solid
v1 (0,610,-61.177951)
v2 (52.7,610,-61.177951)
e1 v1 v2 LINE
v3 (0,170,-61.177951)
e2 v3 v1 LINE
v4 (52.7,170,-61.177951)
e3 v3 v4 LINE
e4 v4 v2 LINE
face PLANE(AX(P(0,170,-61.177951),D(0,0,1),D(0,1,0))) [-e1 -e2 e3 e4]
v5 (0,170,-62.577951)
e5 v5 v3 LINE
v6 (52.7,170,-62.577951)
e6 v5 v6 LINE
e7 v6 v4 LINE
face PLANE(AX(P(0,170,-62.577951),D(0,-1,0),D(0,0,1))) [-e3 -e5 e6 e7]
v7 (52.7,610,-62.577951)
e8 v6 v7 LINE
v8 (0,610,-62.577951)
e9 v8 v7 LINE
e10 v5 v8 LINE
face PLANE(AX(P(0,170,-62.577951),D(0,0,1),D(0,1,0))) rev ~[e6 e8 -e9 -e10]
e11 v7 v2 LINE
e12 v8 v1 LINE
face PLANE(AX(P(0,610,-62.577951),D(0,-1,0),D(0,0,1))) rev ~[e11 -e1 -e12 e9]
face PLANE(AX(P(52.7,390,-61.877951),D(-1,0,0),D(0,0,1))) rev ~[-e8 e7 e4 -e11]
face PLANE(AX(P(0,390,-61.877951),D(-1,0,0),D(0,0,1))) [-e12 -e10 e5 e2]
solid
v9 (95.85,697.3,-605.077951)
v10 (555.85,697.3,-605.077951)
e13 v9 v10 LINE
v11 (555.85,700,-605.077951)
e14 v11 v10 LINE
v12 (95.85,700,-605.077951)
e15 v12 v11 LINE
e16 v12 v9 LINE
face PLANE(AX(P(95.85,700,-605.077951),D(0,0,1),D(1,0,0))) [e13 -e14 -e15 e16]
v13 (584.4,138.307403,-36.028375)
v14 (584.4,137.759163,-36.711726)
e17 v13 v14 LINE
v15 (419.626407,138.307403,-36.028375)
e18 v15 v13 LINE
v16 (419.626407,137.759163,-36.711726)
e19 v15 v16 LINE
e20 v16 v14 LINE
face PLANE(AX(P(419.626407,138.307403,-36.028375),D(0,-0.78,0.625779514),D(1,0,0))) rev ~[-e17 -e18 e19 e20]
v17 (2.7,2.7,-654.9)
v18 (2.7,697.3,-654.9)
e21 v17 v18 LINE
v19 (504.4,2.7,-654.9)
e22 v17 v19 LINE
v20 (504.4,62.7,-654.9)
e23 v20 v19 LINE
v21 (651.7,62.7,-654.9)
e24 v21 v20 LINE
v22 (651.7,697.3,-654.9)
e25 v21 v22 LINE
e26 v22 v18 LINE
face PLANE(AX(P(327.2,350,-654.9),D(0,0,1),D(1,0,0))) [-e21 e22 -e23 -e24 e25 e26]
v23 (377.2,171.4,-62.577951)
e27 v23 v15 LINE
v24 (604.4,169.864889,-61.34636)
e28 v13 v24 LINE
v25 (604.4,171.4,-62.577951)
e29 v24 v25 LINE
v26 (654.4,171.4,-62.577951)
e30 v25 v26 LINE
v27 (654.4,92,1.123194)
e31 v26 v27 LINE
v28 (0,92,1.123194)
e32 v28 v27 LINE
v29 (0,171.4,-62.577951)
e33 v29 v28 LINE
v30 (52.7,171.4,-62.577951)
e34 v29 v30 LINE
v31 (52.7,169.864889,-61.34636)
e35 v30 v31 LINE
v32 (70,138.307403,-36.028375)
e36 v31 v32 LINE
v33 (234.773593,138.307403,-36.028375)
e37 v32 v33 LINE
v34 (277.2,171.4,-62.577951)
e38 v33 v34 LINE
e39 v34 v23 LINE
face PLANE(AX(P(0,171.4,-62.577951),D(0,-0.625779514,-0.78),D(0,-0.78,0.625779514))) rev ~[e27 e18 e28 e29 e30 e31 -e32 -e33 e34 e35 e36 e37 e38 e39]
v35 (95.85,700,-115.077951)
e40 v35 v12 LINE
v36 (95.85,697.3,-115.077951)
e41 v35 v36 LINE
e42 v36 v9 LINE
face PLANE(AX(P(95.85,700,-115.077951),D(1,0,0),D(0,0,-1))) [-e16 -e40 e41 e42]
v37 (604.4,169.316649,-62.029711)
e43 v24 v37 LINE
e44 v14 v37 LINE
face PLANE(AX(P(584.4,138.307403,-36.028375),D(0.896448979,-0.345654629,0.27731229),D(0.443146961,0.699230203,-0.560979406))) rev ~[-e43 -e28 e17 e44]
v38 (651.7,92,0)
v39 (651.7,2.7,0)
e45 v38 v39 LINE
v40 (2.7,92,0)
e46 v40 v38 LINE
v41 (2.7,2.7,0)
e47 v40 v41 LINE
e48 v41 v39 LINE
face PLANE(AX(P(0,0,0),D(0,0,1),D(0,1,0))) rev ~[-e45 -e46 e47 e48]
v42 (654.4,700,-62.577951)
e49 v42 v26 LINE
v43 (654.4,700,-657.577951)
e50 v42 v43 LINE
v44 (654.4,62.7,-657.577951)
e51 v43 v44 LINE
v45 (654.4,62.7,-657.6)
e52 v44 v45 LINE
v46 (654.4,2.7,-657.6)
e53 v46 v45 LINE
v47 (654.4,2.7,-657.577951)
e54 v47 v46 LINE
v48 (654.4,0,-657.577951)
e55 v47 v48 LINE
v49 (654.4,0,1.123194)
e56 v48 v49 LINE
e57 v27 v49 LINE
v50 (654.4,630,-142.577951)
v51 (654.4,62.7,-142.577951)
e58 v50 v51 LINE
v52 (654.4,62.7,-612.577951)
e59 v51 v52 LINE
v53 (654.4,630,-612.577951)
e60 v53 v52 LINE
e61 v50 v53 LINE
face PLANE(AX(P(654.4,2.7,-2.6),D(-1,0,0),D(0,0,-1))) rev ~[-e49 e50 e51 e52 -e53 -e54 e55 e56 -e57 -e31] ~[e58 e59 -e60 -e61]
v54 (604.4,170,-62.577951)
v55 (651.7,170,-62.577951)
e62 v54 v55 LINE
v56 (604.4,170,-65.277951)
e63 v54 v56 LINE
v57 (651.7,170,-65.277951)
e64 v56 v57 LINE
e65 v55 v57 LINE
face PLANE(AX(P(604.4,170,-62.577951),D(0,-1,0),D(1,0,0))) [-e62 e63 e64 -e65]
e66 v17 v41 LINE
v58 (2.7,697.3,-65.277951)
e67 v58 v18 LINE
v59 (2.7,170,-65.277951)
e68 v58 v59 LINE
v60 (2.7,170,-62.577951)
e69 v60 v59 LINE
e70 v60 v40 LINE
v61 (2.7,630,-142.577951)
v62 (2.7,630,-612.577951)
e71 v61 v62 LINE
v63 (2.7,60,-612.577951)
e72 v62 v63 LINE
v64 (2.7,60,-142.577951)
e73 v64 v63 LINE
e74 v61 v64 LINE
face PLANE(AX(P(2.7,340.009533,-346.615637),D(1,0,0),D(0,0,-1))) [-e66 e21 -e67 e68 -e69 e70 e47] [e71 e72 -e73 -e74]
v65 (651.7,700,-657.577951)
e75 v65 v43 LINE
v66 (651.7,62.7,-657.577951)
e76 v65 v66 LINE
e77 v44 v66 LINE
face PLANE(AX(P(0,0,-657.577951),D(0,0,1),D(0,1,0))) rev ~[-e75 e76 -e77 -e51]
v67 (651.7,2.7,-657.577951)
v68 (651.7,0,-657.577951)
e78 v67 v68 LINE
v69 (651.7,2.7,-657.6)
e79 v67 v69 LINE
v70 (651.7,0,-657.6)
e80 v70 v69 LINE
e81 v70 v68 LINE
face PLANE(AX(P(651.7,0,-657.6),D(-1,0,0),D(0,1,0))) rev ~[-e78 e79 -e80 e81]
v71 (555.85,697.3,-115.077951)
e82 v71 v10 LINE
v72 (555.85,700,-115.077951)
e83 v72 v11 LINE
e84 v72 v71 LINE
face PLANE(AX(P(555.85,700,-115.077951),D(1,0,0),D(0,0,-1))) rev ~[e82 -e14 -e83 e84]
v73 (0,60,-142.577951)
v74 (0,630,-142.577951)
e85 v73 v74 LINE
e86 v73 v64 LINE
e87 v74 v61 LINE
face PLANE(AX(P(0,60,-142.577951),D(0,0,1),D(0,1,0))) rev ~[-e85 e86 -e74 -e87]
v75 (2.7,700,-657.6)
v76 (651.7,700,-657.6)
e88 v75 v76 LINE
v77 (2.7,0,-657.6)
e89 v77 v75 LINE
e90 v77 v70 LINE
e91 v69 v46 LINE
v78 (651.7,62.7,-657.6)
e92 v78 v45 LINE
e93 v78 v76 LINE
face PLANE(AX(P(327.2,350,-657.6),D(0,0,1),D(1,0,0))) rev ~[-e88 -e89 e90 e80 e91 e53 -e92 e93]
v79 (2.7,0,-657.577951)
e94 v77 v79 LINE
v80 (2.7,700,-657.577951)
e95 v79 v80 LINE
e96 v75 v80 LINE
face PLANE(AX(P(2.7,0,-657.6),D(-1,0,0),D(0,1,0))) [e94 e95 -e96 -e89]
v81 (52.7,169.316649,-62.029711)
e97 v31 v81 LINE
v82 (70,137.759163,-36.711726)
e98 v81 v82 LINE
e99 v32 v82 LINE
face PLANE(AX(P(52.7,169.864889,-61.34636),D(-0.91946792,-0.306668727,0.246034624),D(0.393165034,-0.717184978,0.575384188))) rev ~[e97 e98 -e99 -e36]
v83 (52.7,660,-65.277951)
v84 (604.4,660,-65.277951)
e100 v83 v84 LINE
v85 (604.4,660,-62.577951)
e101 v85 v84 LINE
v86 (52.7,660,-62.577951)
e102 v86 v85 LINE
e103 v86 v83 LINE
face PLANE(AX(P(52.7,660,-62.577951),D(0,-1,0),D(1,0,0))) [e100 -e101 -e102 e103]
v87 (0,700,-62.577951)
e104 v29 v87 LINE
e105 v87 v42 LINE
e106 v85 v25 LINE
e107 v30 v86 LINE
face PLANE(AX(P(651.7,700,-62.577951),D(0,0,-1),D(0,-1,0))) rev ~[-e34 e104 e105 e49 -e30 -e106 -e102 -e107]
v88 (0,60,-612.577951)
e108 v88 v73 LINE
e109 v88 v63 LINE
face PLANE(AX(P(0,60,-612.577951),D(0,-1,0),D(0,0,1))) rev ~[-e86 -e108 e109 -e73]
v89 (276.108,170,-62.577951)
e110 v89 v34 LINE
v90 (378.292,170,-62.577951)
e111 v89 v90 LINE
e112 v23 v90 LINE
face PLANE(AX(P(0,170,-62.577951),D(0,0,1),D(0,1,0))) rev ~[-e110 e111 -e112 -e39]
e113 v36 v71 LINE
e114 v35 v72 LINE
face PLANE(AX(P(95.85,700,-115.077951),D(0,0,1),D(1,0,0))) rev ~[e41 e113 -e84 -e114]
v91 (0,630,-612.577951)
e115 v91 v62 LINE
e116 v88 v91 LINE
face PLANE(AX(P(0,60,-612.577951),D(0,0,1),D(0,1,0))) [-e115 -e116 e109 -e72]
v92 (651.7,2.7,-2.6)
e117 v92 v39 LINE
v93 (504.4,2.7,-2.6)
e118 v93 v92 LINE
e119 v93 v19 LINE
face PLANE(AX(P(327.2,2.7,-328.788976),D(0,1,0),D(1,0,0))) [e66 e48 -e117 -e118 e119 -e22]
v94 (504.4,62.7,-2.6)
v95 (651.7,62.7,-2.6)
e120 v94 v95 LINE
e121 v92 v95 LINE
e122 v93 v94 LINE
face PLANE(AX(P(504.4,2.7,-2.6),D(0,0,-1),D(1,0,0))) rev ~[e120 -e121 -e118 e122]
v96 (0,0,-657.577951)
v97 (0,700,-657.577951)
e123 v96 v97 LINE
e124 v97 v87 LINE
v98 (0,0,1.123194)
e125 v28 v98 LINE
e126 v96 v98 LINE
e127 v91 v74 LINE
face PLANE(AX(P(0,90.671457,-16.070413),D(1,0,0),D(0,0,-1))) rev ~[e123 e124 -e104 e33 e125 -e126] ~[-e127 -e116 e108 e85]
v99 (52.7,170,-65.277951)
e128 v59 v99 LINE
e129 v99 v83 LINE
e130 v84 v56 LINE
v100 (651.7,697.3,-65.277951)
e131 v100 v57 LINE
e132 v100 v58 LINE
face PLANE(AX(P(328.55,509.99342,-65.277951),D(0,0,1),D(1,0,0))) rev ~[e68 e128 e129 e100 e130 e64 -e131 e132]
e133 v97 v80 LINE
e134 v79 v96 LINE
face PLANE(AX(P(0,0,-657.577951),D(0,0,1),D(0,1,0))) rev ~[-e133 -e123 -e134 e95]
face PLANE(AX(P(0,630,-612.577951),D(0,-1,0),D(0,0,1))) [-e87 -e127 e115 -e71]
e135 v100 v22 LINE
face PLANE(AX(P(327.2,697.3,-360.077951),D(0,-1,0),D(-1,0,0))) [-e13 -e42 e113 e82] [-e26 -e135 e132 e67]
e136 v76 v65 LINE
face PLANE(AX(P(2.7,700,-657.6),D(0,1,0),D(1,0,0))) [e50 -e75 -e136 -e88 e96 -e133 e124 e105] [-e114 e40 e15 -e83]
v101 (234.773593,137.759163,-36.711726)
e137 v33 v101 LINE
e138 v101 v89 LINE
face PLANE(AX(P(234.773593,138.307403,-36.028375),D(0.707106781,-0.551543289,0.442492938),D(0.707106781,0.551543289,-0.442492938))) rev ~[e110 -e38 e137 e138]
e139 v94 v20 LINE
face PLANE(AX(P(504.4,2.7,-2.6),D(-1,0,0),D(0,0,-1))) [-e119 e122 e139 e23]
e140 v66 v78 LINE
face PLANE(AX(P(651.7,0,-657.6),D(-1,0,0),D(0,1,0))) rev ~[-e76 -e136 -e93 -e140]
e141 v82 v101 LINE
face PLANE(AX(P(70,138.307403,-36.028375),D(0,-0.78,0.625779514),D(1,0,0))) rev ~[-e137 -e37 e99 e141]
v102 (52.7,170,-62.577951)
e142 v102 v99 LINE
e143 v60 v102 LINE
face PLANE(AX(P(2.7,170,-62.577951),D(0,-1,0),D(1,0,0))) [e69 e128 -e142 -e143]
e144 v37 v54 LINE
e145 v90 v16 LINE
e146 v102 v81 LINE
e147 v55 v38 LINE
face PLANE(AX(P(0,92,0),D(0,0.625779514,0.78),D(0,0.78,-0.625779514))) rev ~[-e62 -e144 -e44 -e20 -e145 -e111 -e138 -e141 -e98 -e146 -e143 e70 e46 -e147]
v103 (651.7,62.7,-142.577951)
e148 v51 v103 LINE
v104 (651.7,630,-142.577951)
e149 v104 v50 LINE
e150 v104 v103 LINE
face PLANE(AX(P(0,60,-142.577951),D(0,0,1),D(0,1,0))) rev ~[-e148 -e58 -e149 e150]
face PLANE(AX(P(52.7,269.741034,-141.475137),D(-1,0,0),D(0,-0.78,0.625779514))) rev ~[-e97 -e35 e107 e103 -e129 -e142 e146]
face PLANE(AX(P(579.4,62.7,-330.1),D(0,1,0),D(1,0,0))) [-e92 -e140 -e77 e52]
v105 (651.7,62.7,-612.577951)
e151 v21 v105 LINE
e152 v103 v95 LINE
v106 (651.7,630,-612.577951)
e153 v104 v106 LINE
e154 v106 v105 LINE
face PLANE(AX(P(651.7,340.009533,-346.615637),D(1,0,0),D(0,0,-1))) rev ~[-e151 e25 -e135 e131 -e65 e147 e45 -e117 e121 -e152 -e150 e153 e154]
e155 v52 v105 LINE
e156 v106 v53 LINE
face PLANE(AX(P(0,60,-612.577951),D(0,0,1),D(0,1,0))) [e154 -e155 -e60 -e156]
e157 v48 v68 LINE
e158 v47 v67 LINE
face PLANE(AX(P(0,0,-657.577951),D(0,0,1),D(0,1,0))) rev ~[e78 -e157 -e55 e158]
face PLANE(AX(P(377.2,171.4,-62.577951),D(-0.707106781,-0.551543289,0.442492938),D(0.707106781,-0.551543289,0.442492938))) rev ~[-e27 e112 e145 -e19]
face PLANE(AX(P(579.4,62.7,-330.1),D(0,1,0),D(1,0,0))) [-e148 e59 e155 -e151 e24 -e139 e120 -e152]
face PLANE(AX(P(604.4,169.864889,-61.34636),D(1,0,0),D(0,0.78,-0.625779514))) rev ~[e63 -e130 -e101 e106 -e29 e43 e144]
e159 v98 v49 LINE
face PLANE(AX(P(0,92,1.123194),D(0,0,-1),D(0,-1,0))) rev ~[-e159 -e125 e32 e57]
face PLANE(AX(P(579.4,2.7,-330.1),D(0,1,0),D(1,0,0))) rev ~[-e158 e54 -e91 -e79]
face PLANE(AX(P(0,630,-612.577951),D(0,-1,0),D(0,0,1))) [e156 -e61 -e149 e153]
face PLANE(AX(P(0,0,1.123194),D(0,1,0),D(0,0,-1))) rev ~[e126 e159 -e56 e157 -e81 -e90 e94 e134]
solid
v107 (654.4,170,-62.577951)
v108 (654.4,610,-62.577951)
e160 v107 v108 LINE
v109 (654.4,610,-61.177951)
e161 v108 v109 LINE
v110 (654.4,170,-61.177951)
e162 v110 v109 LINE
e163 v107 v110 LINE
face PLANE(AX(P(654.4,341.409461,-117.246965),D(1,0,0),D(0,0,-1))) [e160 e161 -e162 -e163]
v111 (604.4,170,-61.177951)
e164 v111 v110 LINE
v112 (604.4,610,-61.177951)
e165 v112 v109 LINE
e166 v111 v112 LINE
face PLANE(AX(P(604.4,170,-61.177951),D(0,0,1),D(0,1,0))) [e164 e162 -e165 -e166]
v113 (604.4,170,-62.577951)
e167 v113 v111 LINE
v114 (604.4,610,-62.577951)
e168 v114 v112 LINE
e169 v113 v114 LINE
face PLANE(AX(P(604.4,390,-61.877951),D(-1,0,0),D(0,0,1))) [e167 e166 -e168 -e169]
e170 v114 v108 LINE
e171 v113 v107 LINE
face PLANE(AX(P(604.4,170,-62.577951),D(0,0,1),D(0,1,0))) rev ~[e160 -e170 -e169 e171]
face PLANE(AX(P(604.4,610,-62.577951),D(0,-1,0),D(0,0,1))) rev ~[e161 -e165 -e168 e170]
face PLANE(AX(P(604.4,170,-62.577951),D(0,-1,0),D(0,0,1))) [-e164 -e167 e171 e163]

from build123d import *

# Parameters (mm, degrees)
BOSS_EXTRUDE2_DEPTH  = 2.7
BOSS_EXTRUDE3_DEPTH  = 2.7
SKETCH5_W            = 654.4
SKETCH5_H            = 657.577951389
BOSS_EXTRUDE4_DEPTH  = 2.7
SKETCH6_W            = 654.4
SKETCH6_H            = 595
BOSS_EXTRUDE5_DEPTH  = 2.7
SKETCH10_W           = 649
SKETCH10_H           = 700
BOSS_EXTRUDE6_DEPTH  = 2.7
SKETCH11_W           = 470
SKETCH11_H           = 570
CUT_EXTRUDE2_DEPTH   = 1163.186353387
CUT_EXTRUDE3_REACH   = 1164.186
SKETCH12_W           = 460
SKETCH12_H           = 490
BOSS_EXTRUDE8_DEPTH  = 2.7
BOSS_EXTRUDE10_DEPTH = 654.4
SKETCH15_W           = 1.4
SKETCH15_H           = 440
BOSS_EXTRUDE12_DEPTH = 52.7
LPATTERN1_COUNT      = 2
LPATTERN1_PITCH      = 604.4
SKETCH16_W           = 354.359713547
SKETCH16_H           = 772.074648607
CUT_EXTRUDE5_DEPTH   = 55
CUT_EXTRUDE6_DEPTH   = 25
SKETCH19_W           = 150
SKETCH19_H           = 655
BOSS_EXTRUDE13_DEPTH = 60


with BuildPart() as part:
    # Sketch2 → Boss-Extrude2 (new body)
    with BuildSketch(Plane(origin=(0, 0, 0), x_dir=(0, 0, -1), z_dir=(1, 0, 0))):
        Polygon((657.577951389, 700), (62.577951389, 700), (62.577951389, 170), (0, 92), (0, 0), (657.577951389, 0), align=None)
    extrude(amount=BOSS_EXTRUDE2_DEPTH)



with BuildPart() as body_2:
    # Sketch4 → Boss-Extrude3 (new body)
    with BuildSketch(Plane(origin=(651.7, 0, 0), x_dir=(0, 0, -1), z_dir=(1, 0, 0))):
        Polygon((657.577951389, 700), (62.577951389, 700), (62.577951389, 170), (0, 92), (0, 0), (657.577951389, 0), align=None)
    extrude(amount=BOSS_EXTRUDE3_DEPTH)


with BuildPart() as part_1:
    add(part.part)

    add(body_2.part)  # Boss-Extrude4 merges body 2
    # Sketch5 → Boss-Extrude4 (add)
    with BuildSketch(Plane(origin=(0, 0, 0), x_dir=(1, 0, 0), z_dir=(0, 1, 0))):
        with Locations((327.2, 328.788975695)):
            Rectangle(SKETCH5_W, SKETCH5_H)
    extrude(amount=BOSS_EXTRUDE4_DEPTH)

    # Sketch6 → Boss-Extrude5 (add)
    with BuildSketch(Plane(origin=(0, 700, 0), x_dir=(-1, 0, 0), z_dir=(0, -1, 0))):
        with Locations((-327.2, 360.077951389)):
            Rectangle(SKETCH6_W, SKETCH6_H)
    extrude(amount=BOSS_EXTRUDE5_DEPTH)

    # Sketch10 → Boss-Extrude6 (add)
    with BuildSketch(Plane.XY.offset(-657.6)):
        with Locations((327.2, 350)):
            Rectangle(SKETCH10_W, SKETCH10_H)
    extrude(amount=BOSS_EXTRUDE6_DEPTH)

    # Sketch11 → Cut-Extrude2 (cut, through all)
    with BuildSketch(Plane.ZY):
        with Locations((-377.577951389, 345)):
            Rectangle(SKETCH11_W, SKETCH11_H)
    extrude(amount=-CUT_EXTRUDE2_DEPTH, mode=Mode.SUBTRACT)

    # Sketch12 → Cut-Extrude3 (cut, up to next)
    with BuildSketch(Plane(origin=(0, 700, 0), x_dir=(1, 0, 0), z_dir=(0, 1, 0)), mode=Mode.PRIVATE) as cut_extrude3_sk1:
        with Locations((325.85, 360.077951389)):
            Rectangle(SKETCH12_W, SKETCH12_H)
    cut_extrude3_tool1 = extrude(cut_extrude3_sk1.sketch, amount=-CUT_EXTRUDE3_REACH, mode=Mode.PRIVATE) & part_1.part
    add(cut_extrude3_tool1.solids().sort_by_distance((325.85, 700, -360.077951))[0], mode=Mode.SUBTRACT)

    # Sketch13 → Boss-Extrude8 (add)
    with BuildSketch(Plane.XY.offset(-62.577951389)):
        Polygon((2.7, 700), (2.7, 170), (52.7, 170), (52.7, 660), (604.4, 660), (604.4, 170), (654.4, 170), (654.4, 700), align=None)
    extrude(amount=-BOSS_EXTRUDE8_DEPTH)



with BuildPart() as body_2_2:
    # Sketch14 → Boss-Extrude10 (new body)
    with BuildSketch(Plane.ZY):
        Polygon((-62.577951389, 170), (-62.577951389, 171.4), (1.123193999, 92), (1.123193999, 0), (0, 0), (0, 92), align=None)
    extrude(amount=-BOSS_EXTRUDE10_DEPTH)

    # Sketch17 → Cut-Extrude6 (cut)
    with BuildSketch(Plane(origin=(0, 36.57544, 45.589289146), x_dir=(1, 0, 0), z_dir=(0, 0.6257795138864832, 0.779999999999998))):
        Polygon((52.7, 170.883908681), (70, 130.425593129), (234.773593129, 130.425593129), (277.2, 172.852), (377.2, 172.852), (419.626406871, 130.425593129), (584.4, 130.425593129), (604.4, 170.883908681), (604.4, 298.93024871), (52.7, 298.93024871), align=None)
    extrude(amount=-CUT_EXTRUDE6_DEPTH, mode=Mode.SUBTRACT)


with BuildPart() as body_3:
    # Sketch15 → Boss-Extrude12 (new body)
    with BuildSketch(Plane.ZY):
        with Locations((-61.877951389, 390)):
            Rectangle(SKETCH15_W, SKETCH15_H)
    boss_extrude12 = extrude(amount=-BOSS_EXTRUDE12_DEPTH)


with BuildPart() as lpattern1_1:
    # LPattern1: Boss-Extrude12 ×2
    with Locations(*[(i * LPATTERN1_PITCH, 0, 0) for i in range(1, LPATTERN1_COUNT)]):
        add(boss_extrude12)

    # Sketch16 → Cut-Extrude5 (cut)
    with BuildSketch(Plane(origin=(654.4, 0, 0), x_dir=(0, 0, -1), z_dir=(1, 0, 0))):
        with Locations((117.246964879, 341.40946149)):
            Rectangle(SKETCH16_W, SKETCH16_H)
    extrude(amount=CUT_EXTRUDE5_DEPTH, mode=Mode.SUBTRACT)


with BuildPart() as part_2:
    add(part_1.part)

    add(body_2_2.part)  # Boss-Extrude13 merges body 2 2
    # Sketch19 → Boss-Extrude13 (add)
    with BuildSketch(Plane(origin=(0, 2.7, 0), x_dir=(1, 0, 0), z_dir=(0, 1, 0))):
        with Locations((579.4, 330.1)):
            Rectangle(SKETCH19_W, SKETCH19_H)
    extrude(amount=BOSS_EXTRUDE13_DEPTH)


solid = Compound([body_3.part, lpattern1_1.part, part_2.part])
